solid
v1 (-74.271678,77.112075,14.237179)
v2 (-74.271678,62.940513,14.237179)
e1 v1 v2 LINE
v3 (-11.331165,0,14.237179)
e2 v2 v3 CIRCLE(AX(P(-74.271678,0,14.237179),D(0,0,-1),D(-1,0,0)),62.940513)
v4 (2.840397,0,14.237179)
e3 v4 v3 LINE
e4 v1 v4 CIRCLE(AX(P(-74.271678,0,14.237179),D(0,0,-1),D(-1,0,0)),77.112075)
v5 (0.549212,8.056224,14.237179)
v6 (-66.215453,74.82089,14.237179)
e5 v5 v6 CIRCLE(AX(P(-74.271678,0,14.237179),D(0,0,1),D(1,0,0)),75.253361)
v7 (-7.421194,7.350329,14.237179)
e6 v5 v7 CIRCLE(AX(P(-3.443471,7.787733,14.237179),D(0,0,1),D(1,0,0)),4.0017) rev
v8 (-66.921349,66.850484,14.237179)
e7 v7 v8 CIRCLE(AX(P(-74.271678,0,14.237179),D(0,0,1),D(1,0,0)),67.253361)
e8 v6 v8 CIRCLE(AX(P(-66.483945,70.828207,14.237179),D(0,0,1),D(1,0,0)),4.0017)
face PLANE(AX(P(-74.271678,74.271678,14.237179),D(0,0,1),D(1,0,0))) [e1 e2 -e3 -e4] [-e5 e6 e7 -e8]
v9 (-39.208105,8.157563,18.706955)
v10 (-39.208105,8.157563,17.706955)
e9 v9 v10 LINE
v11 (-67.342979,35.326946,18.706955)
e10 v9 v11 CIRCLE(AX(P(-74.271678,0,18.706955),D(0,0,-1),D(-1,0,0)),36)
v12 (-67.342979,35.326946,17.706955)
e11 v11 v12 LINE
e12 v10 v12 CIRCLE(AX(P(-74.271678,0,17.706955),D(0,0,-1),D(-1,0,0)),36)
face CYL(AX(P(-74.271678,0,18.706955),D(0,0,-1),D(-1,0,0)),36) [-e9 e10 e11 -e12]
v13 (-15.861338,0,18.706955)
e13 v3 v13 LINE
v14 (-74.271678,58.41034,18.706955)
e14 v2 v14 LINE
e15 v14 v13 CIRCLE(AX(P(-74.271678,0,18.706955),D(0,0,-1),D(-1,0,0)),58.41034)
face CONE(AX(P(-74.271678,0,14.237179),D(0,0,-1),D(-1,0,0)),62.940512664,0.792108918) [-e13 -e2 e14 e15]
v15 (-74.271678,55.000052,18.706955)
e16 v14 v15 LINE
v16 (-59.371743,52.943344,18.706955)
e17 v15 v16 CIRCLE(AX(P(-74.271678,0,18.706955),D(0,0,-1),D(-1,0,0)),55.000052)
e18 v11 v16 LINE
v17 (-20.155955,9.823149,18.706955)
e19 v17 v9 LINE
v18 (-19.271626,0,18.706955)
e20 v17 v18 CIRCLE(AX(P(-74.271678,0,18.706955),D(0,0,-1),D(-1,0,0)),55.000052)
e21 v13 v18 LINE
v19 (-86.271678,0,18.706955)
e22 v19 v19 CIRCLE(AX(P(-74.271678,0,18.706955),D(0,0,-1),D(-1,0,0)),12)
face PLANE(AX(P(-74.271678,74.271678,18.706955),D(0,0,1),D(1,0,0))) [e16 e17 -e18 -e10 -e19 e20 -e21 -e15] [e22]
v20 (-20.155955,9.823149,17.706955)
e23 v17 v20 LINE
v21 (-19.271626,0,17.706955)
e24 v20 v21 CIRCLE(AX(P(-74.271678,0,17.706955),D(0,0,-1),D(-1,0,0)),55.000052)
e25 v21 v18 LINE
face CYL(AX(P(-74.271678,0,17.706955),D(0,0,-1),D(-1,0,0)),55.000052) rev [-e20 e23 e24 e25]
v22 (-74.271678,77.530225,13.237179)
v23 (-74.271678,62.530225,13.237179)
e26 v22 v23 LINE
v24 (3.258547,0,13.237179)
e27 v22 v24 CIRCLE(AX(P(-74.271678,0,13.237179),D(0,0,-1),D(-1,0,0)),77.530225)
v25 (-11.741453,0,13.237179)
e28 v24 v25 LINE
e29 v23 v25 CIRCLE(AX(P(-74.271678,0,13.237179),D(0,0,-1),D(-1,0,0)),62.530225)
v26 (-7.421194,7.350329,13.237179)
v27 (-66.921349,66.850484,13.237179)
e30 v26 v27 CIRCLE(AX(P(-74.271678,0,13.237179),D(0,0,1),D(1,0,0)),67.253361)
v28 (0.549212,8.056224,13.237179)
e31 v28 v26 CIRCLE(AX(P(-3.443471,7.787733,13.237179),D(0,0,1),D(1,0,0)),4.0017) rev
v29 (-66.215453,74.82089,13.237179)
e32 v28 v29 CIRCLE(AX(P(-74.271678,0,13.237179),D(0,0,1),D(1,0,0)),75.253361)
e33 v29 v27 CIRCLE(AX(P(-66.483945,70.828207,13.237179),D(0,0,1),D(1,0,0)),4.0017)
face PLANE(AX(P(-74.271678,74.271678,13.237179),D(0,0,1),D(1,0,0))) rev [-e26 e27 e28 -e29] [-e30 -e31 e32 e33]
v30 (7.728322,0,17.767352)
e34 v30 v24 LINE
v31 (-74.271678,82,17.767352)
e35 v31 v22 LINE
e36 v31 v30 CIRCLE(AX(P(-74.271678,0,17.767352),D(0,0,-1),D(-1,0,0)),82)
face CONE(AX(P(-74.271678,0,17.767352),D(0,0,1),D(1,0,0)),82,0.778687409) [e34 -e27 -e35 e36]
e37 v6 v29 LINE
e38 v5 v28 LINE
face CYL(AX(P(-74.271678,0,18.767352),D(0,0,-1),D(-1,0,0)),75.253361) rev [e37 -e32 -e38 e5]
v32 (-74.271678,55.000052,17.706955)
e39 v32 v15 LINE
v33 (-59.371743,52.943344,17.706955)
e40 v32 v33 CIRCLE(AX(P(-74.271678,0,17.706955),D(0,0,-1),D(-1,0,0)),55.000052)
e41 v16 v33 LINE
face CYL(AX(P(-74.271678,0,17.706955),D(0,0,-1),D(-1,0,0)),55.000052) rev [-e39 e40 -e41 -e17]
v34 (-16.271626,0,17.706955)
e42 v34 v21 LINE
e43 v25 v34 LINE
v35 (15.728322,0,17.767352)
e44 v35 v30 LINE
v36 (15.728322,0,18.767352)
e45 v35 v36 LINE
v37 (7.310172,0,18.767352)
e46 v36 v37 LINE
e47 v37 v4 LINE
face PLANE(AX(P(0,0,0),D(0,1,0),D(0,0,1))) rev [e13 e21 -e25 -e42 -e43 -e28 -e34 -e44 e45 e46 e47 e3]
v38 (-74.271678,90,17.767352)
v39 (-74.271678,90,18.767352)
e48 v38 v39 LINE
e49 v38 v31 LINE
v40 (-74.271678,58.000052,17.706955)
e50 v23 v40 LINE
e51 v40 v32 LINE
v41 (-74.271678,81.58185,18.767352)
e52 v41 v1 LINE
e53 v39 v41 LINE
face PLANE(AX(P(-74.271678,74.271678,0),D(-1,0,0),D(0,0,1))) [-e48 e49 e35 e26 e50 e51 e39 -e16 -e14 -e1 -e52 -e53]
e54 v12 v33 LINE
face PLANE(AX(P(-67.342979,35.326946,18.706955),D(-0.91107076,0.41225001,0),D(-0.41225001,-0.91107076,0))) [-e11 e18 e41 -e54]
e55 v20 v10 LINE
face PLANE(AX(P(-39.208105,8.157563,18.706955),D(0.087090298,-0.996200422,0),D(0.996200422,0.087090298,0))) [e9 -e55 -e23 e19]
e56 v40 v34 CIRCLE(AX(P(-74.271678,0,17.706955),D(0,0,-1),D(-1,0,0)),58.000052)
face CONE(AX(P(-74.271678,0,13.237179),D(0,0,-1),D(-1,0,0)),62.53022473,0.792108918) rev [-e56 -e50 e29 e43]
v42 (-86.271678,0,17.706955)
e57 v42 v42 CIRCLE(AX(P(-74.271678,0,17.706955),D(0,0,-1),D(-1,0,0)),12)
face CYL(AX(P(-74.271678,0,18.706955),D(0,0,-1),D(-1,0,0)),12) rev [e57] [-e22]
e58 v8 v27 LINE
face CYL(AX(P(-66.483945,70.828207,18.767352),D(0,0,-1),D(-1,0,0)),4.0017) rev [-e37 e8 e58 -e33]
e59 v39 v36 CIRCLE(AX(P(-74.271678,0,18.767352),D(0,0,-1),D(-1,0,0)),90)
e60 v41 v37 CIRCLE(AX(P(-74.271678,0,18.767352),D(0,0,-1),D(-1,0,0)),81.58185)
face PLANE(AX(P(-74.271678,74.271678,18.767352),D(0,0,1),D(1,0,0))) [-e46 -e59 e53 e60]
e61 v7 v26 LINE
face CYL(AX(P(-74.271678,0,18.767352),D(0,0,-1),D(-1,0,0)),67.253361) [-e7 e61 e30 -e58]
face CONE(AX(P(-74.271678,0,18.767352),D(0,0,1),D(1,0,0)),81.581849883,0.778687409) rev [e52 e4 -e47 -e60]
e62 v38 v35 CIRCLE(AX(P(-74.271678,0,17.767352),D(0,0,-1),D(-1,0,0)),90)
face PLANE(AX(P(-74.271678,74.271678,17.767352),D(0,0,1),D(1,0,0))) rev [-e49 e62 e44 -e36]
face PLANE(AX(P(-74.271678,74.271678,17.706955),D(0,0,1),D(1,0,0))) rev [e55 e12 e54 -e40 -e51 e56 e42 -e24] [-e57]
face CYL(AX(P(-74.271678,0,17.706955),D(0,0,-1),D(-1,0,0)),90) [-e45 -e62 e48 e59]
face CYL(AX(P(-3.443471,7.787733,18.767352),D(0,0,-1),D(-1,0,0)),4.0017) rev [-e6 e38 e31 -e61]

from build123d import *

# Parameters (mm, degrees)
REVOLVE1_ANGLE          = 90
BOSS_EXTRUDE1_START     = -1
SKETCH2_R               = 12
BOSS_EXTRUDE1_DEPTH     = 1
CUT_EXTRUDE1_DEPTH      = 143.444465377
CUT_EXTRUDE1_DEPTH_BACK = 143.444465377


with BuildPart() as part:
    # Sketch1 → Revolve1 (revolve)
    with BuildSketch(Plane(origin=(0, 0, 0), x_dir=(1, 0, 0), z_dir=(0, 1, 0))):
        Polygon((-16.271625609, -17.706954757), (-19.271625609, -17.706954757), (-19.271625609, -18.706954757), (-15.861337675, -18.706954757), (-11.331165057, -14.237179487), (2.840396891, -14.237179487), (7.310172161, -18.767352105), (15.728322279, -18.767352105), (15.728322279, -17.767352105), (7.728322279, -17.767352105), (3.258547009, -13.237179487), (-11.741452991, -13.237179487), align=None)
    revolve(axis=Axis((-74.271677721, 0, 17.706954757), (0, 0, 1)), revolution_arc=REVOLVE1_ANGLE)

    # Sketch2 → Boss-Extrude1 (add)
    with BuildSketch(Plane(origin=(0, 0, 17.706954757), x_dir=(-1, 0, 0), z_dir=(0, 0, -1)).offset(BOSS_EXTRUDE1_START)):
        with BuildLine():
            Line((67.342979074, 35.326946302), (59.371742963, 52.943344025))
            ThreePointArc((59.371742963, 52.943344025), (33.582268097, 37.005103388), (20.15595474, 9.823149116))
            Line((20.15595474, 9.823149116), (39.208104561, 8.157563191))
            ThreePointArc((39.208104561, 8.157563191), (99.279307908, -25.89630152), (67.342979074, 35.326946302))
        make_face()
        with Locations((74.271677721, 0)):
            Circle(SKETCH2_R, mode=Mode.SUBTRACT)
    extrude(amount=BOSS_EXTRUDE1_DEPTH)

    # Sketch3 → Cut-Extrude1 (cut, two sides: drawn at the far end of the back side and taken through both)
    with BuildSketch(Plane(origin=(0, 0, 13.237179487), x_dir=(-1, 0, 0), z_dir=(0, 0, -1)).offset(-CUT_EXTRUDE1_DEPTH_BACK)):
        with BuildLine():
            ThreePointArc((7.421193768, 7.350328837), (3.090443615, 3.801635214), (-0.54921214, 8.056224419))
            ThreePointArc((-0.54921214, 8.056224419), (21.059515993, 53.212161728), (66.215453303, 74.820889862))
            ThreePointArc((66.215453303, 74.820889862), (70.470042507, 71.181234106), (66.921348884, 66.850483953))
            ThreePointArc((66.921348884, 66.850483953), (26.716370243, 47.555307479), (7.421193768, 7.350328837))
        make_face()
    extrude(amount=CUT_EXTRUDE1_DEPTH + CUT_EXTRUDE1_DEPTH_BACK, mode=Mode.SUBTRACT)


solid = part.part
